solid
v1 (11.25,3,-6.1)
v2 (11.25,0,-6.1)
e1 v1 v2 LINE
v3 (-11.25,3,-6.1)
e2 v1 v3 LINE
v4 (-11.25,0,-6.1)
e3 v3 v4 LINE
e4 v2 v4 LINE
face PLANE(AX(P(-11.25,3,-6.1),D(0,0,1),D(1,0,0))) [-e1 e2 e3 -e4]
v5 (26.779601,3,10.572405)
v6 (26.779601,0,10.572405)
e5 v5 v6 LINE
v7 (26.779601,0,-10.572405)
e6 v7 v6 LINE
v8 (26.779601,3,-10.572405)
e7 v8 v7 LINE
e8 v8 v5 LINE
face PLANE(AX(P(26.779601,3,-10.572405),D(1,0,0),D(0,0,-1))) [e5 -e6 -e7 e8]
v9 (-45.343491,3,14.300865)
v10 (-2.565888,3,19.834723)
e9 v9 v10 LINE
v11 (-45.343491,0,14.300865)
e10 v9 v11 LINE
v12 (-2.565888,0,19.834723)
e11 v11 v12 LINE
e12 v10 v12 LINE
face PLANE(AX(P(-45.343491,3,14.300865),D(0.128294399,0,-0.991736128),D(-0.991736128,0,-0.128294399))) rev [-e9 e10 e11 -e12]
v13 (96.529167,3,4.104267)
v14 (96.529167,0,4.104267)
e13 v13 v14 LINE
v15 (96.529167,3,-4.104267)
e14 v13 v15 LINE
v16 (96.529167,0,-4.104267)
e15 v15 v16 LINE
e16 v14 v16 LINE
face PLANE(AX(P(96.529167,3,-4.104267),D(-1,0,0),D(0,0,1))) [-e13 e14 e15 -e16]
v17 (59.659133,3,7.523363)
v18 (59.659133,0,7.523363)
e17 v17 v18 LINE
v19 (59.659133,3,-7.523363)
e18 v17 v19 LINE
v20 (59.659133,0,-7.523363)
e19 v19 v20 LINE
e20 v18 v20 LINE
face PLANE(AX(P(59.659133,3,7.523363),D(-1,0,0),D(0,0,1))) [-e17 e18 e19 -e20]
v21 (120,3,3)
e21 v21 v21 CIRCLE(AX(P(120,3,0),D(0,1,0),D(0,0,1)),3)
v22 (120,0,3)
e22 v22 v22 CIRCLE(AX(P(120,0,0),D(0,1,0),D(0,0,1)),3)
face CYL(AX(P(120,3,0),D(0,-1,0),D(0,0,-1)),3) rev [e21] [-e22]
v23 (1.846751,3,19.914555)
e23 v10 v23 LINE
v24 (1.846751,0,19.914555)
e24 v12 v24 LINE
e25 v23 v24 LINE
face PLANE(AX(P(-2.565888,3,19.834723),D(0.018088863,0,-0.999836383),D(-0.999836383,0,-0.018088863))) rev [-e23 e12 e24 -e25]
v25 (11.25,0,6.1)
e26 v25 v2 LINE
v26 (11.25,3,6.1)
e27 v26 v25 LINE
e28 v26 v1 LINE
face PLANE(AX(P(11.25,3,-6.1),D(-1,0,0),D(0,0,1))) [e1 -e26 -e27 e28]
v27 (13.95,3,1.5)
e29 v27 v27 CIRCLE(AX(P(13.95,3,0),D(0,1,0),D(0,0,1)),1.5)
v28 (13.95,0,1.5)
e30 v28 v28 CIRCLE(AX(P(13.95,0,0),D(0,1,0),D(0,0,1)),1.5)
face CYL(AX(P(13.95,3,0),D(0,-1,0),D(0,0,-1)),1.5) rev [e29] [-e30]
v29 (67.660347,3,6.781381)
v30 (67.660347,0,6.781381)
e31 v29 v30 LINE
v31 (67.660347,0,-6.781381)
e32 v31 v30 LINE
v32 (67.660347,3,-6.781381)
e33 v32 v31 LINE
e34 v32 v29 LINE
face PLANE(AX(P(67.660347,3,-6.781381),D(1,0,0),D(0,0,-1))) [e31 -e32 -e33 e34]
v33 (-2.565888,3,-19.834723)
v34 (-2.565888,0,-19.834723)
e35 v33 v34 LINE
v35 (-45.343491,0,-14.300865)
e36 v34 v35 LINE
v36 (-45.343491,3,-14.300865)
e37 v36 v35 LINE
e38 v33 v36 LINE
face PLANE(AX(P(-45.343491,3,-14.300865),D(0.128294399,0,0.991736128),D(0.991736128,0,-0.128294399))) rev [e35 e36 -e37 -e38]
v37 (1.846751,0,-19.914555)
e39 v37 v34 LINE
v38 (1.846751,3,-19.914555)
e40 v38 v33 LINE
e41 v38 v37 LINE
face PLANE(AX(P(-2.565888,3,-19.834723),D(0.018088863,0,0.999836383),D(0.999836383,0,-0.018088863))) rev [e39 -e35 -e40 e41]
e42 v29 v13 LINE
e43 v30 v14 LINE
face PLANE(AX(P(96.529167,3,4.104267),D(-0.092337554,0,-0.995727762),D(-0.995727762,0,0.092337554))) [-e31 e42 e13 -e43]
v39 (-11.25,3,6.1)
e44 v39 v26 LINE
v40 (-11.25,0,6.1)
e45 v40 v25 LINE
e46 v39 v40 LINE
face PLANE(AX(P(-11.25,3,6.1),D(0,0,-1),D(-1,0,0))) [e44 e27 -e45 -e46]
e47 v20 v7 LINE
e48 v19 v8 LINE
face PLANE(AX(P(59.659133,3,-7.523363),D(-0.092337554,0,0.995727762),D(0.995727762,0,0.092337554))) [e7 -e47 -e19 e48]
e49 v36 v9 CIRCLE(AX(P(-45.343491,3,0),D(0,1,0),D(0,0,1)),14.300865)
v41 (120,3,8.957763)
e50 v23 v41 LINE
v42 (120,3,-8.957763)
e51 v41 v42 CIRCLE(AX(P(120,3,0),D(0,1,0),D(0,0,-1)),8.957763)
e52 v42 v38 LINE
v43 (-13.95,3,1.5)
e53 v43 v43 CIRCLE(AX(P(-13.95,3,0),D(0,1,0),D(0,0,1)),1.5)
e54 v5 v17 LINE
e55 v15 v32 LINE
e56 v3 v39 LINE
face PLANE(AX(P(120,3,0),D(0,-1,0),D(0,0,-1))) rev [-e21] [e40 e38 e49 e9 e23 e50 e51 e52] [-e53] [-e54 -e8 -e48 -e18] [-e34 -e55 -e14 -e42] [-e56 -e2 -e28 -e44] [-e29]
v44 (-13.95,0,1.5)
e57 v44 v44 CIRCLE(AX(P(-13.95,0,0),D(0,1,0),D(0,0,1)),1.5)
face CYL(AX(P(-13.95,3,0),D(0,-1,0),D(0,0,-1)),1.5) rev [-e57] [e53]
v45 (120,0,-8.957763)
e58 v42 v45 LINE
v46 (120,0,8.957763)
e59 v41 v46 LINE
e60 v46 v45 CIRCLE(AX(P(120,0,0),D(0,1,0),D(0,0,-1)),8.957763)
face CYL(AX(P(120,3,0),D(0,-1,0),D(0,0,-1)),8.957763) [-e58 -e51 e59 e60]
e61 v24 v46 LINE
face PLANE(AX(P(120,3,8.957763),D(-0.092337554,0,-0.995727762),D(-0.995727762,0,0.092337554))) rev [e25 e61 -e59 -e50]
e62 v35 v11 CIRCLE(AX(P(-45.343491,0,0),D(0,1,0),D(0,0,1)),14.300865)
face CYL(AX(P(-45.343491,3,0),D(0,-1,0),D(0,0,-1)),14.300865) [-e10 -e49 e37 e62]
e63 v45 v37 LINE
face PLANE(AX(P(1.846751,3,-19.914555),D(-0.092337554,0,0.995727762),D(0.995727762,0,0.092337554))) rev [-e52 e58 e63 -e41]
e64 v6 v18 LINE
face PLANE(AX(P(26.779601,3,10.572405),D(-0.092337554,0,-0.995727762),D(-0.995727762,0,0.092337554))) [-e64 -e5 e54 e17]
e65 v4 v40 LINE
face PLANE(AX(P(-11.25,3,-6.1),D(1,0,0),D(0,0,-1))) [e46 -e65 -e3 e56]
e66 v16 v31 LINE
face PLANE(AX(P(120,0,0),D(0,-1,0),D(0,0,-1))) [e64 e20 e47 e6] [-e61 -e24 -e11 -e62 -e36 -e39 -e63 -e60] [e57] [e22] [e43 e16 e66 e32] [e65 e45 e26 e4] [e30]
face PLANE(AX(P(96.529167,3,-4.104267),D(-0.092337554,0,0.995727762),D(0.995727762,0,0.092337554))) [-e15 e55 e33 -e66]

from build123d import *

# Parameters (mm, degrees)
SKETCH1_R           = 1.5
SKETCH1_R_2         = 3
SKETCH1_W           = 22.5
SKETCH1_H           = 12.2
BOSS_EXTRUDE1_DEPTH = 3


with BuildPart() as part:
    # Sketch1 → Boss-Extrude1 (new body)
    with BuildSketch(Plane(origin=(0, 0, 0), x_dir=(1, 0, 0), z_dir=(0, 1, 0))):
        with BuildLine():
            Line((1.846751087, 19.91455524), (120, 8.957763171))
            ThreePointArc((120, 8.957763171), (128.957763171, 0), (120, -8.957763171))
            Line((120, -8.957763171), (1.846751087, -19.91455524))
            Line((1.846751087, -19.91455524), (-2.565887989, -19.834722555))
            Line((-2.565887989, -19.834722555), (-45.343490518, -14.300864634))
            ThreePointArc((-45.343490518, -14.300864634), (-59.644355152, 0), (-45.343490518, 14.300864634))
            Line((-45.343490518, 14.300864634), (-2.565887989, 19.834722555))
            Line((-2.565887989, 19.834722555), (1.846751087, 19.91455524))
        make_face()
        with Locations((13.95, 0)):
            Circle(SKETCH1_R, mode=Mode.SUBTRACT)
        with Locations((-13.95, 0)):
            Circle(SKETCH1_R, mode=Mode.SUBTRACT)
        with Locations((120, 0)):
            Circle(SKETCH1_R_2, mode=Mode.SUBTRACT)
        Rectangle(SKETCH1_W, SKETCH1_H, mode=Mode.SUBTRACT)
        Polygon((96.529167285, 4.104267173), (67.660347399, 6.781380665), (67.660347399, -6.781380665), (96.529167285, -4.104267173), align=None, mode=Mode.SUBTRACT)
        Polygon((59.65913304, 7.523363157), (26.779600723, 10.572404992), (26.779600723, -10.572404992), (59.65913304, -7.523363157), align=None, mode=Mode.SUBTRACT)
    extrude(amount=BOSS_EXTRUDE1_DEPTH)


solid = part.part
